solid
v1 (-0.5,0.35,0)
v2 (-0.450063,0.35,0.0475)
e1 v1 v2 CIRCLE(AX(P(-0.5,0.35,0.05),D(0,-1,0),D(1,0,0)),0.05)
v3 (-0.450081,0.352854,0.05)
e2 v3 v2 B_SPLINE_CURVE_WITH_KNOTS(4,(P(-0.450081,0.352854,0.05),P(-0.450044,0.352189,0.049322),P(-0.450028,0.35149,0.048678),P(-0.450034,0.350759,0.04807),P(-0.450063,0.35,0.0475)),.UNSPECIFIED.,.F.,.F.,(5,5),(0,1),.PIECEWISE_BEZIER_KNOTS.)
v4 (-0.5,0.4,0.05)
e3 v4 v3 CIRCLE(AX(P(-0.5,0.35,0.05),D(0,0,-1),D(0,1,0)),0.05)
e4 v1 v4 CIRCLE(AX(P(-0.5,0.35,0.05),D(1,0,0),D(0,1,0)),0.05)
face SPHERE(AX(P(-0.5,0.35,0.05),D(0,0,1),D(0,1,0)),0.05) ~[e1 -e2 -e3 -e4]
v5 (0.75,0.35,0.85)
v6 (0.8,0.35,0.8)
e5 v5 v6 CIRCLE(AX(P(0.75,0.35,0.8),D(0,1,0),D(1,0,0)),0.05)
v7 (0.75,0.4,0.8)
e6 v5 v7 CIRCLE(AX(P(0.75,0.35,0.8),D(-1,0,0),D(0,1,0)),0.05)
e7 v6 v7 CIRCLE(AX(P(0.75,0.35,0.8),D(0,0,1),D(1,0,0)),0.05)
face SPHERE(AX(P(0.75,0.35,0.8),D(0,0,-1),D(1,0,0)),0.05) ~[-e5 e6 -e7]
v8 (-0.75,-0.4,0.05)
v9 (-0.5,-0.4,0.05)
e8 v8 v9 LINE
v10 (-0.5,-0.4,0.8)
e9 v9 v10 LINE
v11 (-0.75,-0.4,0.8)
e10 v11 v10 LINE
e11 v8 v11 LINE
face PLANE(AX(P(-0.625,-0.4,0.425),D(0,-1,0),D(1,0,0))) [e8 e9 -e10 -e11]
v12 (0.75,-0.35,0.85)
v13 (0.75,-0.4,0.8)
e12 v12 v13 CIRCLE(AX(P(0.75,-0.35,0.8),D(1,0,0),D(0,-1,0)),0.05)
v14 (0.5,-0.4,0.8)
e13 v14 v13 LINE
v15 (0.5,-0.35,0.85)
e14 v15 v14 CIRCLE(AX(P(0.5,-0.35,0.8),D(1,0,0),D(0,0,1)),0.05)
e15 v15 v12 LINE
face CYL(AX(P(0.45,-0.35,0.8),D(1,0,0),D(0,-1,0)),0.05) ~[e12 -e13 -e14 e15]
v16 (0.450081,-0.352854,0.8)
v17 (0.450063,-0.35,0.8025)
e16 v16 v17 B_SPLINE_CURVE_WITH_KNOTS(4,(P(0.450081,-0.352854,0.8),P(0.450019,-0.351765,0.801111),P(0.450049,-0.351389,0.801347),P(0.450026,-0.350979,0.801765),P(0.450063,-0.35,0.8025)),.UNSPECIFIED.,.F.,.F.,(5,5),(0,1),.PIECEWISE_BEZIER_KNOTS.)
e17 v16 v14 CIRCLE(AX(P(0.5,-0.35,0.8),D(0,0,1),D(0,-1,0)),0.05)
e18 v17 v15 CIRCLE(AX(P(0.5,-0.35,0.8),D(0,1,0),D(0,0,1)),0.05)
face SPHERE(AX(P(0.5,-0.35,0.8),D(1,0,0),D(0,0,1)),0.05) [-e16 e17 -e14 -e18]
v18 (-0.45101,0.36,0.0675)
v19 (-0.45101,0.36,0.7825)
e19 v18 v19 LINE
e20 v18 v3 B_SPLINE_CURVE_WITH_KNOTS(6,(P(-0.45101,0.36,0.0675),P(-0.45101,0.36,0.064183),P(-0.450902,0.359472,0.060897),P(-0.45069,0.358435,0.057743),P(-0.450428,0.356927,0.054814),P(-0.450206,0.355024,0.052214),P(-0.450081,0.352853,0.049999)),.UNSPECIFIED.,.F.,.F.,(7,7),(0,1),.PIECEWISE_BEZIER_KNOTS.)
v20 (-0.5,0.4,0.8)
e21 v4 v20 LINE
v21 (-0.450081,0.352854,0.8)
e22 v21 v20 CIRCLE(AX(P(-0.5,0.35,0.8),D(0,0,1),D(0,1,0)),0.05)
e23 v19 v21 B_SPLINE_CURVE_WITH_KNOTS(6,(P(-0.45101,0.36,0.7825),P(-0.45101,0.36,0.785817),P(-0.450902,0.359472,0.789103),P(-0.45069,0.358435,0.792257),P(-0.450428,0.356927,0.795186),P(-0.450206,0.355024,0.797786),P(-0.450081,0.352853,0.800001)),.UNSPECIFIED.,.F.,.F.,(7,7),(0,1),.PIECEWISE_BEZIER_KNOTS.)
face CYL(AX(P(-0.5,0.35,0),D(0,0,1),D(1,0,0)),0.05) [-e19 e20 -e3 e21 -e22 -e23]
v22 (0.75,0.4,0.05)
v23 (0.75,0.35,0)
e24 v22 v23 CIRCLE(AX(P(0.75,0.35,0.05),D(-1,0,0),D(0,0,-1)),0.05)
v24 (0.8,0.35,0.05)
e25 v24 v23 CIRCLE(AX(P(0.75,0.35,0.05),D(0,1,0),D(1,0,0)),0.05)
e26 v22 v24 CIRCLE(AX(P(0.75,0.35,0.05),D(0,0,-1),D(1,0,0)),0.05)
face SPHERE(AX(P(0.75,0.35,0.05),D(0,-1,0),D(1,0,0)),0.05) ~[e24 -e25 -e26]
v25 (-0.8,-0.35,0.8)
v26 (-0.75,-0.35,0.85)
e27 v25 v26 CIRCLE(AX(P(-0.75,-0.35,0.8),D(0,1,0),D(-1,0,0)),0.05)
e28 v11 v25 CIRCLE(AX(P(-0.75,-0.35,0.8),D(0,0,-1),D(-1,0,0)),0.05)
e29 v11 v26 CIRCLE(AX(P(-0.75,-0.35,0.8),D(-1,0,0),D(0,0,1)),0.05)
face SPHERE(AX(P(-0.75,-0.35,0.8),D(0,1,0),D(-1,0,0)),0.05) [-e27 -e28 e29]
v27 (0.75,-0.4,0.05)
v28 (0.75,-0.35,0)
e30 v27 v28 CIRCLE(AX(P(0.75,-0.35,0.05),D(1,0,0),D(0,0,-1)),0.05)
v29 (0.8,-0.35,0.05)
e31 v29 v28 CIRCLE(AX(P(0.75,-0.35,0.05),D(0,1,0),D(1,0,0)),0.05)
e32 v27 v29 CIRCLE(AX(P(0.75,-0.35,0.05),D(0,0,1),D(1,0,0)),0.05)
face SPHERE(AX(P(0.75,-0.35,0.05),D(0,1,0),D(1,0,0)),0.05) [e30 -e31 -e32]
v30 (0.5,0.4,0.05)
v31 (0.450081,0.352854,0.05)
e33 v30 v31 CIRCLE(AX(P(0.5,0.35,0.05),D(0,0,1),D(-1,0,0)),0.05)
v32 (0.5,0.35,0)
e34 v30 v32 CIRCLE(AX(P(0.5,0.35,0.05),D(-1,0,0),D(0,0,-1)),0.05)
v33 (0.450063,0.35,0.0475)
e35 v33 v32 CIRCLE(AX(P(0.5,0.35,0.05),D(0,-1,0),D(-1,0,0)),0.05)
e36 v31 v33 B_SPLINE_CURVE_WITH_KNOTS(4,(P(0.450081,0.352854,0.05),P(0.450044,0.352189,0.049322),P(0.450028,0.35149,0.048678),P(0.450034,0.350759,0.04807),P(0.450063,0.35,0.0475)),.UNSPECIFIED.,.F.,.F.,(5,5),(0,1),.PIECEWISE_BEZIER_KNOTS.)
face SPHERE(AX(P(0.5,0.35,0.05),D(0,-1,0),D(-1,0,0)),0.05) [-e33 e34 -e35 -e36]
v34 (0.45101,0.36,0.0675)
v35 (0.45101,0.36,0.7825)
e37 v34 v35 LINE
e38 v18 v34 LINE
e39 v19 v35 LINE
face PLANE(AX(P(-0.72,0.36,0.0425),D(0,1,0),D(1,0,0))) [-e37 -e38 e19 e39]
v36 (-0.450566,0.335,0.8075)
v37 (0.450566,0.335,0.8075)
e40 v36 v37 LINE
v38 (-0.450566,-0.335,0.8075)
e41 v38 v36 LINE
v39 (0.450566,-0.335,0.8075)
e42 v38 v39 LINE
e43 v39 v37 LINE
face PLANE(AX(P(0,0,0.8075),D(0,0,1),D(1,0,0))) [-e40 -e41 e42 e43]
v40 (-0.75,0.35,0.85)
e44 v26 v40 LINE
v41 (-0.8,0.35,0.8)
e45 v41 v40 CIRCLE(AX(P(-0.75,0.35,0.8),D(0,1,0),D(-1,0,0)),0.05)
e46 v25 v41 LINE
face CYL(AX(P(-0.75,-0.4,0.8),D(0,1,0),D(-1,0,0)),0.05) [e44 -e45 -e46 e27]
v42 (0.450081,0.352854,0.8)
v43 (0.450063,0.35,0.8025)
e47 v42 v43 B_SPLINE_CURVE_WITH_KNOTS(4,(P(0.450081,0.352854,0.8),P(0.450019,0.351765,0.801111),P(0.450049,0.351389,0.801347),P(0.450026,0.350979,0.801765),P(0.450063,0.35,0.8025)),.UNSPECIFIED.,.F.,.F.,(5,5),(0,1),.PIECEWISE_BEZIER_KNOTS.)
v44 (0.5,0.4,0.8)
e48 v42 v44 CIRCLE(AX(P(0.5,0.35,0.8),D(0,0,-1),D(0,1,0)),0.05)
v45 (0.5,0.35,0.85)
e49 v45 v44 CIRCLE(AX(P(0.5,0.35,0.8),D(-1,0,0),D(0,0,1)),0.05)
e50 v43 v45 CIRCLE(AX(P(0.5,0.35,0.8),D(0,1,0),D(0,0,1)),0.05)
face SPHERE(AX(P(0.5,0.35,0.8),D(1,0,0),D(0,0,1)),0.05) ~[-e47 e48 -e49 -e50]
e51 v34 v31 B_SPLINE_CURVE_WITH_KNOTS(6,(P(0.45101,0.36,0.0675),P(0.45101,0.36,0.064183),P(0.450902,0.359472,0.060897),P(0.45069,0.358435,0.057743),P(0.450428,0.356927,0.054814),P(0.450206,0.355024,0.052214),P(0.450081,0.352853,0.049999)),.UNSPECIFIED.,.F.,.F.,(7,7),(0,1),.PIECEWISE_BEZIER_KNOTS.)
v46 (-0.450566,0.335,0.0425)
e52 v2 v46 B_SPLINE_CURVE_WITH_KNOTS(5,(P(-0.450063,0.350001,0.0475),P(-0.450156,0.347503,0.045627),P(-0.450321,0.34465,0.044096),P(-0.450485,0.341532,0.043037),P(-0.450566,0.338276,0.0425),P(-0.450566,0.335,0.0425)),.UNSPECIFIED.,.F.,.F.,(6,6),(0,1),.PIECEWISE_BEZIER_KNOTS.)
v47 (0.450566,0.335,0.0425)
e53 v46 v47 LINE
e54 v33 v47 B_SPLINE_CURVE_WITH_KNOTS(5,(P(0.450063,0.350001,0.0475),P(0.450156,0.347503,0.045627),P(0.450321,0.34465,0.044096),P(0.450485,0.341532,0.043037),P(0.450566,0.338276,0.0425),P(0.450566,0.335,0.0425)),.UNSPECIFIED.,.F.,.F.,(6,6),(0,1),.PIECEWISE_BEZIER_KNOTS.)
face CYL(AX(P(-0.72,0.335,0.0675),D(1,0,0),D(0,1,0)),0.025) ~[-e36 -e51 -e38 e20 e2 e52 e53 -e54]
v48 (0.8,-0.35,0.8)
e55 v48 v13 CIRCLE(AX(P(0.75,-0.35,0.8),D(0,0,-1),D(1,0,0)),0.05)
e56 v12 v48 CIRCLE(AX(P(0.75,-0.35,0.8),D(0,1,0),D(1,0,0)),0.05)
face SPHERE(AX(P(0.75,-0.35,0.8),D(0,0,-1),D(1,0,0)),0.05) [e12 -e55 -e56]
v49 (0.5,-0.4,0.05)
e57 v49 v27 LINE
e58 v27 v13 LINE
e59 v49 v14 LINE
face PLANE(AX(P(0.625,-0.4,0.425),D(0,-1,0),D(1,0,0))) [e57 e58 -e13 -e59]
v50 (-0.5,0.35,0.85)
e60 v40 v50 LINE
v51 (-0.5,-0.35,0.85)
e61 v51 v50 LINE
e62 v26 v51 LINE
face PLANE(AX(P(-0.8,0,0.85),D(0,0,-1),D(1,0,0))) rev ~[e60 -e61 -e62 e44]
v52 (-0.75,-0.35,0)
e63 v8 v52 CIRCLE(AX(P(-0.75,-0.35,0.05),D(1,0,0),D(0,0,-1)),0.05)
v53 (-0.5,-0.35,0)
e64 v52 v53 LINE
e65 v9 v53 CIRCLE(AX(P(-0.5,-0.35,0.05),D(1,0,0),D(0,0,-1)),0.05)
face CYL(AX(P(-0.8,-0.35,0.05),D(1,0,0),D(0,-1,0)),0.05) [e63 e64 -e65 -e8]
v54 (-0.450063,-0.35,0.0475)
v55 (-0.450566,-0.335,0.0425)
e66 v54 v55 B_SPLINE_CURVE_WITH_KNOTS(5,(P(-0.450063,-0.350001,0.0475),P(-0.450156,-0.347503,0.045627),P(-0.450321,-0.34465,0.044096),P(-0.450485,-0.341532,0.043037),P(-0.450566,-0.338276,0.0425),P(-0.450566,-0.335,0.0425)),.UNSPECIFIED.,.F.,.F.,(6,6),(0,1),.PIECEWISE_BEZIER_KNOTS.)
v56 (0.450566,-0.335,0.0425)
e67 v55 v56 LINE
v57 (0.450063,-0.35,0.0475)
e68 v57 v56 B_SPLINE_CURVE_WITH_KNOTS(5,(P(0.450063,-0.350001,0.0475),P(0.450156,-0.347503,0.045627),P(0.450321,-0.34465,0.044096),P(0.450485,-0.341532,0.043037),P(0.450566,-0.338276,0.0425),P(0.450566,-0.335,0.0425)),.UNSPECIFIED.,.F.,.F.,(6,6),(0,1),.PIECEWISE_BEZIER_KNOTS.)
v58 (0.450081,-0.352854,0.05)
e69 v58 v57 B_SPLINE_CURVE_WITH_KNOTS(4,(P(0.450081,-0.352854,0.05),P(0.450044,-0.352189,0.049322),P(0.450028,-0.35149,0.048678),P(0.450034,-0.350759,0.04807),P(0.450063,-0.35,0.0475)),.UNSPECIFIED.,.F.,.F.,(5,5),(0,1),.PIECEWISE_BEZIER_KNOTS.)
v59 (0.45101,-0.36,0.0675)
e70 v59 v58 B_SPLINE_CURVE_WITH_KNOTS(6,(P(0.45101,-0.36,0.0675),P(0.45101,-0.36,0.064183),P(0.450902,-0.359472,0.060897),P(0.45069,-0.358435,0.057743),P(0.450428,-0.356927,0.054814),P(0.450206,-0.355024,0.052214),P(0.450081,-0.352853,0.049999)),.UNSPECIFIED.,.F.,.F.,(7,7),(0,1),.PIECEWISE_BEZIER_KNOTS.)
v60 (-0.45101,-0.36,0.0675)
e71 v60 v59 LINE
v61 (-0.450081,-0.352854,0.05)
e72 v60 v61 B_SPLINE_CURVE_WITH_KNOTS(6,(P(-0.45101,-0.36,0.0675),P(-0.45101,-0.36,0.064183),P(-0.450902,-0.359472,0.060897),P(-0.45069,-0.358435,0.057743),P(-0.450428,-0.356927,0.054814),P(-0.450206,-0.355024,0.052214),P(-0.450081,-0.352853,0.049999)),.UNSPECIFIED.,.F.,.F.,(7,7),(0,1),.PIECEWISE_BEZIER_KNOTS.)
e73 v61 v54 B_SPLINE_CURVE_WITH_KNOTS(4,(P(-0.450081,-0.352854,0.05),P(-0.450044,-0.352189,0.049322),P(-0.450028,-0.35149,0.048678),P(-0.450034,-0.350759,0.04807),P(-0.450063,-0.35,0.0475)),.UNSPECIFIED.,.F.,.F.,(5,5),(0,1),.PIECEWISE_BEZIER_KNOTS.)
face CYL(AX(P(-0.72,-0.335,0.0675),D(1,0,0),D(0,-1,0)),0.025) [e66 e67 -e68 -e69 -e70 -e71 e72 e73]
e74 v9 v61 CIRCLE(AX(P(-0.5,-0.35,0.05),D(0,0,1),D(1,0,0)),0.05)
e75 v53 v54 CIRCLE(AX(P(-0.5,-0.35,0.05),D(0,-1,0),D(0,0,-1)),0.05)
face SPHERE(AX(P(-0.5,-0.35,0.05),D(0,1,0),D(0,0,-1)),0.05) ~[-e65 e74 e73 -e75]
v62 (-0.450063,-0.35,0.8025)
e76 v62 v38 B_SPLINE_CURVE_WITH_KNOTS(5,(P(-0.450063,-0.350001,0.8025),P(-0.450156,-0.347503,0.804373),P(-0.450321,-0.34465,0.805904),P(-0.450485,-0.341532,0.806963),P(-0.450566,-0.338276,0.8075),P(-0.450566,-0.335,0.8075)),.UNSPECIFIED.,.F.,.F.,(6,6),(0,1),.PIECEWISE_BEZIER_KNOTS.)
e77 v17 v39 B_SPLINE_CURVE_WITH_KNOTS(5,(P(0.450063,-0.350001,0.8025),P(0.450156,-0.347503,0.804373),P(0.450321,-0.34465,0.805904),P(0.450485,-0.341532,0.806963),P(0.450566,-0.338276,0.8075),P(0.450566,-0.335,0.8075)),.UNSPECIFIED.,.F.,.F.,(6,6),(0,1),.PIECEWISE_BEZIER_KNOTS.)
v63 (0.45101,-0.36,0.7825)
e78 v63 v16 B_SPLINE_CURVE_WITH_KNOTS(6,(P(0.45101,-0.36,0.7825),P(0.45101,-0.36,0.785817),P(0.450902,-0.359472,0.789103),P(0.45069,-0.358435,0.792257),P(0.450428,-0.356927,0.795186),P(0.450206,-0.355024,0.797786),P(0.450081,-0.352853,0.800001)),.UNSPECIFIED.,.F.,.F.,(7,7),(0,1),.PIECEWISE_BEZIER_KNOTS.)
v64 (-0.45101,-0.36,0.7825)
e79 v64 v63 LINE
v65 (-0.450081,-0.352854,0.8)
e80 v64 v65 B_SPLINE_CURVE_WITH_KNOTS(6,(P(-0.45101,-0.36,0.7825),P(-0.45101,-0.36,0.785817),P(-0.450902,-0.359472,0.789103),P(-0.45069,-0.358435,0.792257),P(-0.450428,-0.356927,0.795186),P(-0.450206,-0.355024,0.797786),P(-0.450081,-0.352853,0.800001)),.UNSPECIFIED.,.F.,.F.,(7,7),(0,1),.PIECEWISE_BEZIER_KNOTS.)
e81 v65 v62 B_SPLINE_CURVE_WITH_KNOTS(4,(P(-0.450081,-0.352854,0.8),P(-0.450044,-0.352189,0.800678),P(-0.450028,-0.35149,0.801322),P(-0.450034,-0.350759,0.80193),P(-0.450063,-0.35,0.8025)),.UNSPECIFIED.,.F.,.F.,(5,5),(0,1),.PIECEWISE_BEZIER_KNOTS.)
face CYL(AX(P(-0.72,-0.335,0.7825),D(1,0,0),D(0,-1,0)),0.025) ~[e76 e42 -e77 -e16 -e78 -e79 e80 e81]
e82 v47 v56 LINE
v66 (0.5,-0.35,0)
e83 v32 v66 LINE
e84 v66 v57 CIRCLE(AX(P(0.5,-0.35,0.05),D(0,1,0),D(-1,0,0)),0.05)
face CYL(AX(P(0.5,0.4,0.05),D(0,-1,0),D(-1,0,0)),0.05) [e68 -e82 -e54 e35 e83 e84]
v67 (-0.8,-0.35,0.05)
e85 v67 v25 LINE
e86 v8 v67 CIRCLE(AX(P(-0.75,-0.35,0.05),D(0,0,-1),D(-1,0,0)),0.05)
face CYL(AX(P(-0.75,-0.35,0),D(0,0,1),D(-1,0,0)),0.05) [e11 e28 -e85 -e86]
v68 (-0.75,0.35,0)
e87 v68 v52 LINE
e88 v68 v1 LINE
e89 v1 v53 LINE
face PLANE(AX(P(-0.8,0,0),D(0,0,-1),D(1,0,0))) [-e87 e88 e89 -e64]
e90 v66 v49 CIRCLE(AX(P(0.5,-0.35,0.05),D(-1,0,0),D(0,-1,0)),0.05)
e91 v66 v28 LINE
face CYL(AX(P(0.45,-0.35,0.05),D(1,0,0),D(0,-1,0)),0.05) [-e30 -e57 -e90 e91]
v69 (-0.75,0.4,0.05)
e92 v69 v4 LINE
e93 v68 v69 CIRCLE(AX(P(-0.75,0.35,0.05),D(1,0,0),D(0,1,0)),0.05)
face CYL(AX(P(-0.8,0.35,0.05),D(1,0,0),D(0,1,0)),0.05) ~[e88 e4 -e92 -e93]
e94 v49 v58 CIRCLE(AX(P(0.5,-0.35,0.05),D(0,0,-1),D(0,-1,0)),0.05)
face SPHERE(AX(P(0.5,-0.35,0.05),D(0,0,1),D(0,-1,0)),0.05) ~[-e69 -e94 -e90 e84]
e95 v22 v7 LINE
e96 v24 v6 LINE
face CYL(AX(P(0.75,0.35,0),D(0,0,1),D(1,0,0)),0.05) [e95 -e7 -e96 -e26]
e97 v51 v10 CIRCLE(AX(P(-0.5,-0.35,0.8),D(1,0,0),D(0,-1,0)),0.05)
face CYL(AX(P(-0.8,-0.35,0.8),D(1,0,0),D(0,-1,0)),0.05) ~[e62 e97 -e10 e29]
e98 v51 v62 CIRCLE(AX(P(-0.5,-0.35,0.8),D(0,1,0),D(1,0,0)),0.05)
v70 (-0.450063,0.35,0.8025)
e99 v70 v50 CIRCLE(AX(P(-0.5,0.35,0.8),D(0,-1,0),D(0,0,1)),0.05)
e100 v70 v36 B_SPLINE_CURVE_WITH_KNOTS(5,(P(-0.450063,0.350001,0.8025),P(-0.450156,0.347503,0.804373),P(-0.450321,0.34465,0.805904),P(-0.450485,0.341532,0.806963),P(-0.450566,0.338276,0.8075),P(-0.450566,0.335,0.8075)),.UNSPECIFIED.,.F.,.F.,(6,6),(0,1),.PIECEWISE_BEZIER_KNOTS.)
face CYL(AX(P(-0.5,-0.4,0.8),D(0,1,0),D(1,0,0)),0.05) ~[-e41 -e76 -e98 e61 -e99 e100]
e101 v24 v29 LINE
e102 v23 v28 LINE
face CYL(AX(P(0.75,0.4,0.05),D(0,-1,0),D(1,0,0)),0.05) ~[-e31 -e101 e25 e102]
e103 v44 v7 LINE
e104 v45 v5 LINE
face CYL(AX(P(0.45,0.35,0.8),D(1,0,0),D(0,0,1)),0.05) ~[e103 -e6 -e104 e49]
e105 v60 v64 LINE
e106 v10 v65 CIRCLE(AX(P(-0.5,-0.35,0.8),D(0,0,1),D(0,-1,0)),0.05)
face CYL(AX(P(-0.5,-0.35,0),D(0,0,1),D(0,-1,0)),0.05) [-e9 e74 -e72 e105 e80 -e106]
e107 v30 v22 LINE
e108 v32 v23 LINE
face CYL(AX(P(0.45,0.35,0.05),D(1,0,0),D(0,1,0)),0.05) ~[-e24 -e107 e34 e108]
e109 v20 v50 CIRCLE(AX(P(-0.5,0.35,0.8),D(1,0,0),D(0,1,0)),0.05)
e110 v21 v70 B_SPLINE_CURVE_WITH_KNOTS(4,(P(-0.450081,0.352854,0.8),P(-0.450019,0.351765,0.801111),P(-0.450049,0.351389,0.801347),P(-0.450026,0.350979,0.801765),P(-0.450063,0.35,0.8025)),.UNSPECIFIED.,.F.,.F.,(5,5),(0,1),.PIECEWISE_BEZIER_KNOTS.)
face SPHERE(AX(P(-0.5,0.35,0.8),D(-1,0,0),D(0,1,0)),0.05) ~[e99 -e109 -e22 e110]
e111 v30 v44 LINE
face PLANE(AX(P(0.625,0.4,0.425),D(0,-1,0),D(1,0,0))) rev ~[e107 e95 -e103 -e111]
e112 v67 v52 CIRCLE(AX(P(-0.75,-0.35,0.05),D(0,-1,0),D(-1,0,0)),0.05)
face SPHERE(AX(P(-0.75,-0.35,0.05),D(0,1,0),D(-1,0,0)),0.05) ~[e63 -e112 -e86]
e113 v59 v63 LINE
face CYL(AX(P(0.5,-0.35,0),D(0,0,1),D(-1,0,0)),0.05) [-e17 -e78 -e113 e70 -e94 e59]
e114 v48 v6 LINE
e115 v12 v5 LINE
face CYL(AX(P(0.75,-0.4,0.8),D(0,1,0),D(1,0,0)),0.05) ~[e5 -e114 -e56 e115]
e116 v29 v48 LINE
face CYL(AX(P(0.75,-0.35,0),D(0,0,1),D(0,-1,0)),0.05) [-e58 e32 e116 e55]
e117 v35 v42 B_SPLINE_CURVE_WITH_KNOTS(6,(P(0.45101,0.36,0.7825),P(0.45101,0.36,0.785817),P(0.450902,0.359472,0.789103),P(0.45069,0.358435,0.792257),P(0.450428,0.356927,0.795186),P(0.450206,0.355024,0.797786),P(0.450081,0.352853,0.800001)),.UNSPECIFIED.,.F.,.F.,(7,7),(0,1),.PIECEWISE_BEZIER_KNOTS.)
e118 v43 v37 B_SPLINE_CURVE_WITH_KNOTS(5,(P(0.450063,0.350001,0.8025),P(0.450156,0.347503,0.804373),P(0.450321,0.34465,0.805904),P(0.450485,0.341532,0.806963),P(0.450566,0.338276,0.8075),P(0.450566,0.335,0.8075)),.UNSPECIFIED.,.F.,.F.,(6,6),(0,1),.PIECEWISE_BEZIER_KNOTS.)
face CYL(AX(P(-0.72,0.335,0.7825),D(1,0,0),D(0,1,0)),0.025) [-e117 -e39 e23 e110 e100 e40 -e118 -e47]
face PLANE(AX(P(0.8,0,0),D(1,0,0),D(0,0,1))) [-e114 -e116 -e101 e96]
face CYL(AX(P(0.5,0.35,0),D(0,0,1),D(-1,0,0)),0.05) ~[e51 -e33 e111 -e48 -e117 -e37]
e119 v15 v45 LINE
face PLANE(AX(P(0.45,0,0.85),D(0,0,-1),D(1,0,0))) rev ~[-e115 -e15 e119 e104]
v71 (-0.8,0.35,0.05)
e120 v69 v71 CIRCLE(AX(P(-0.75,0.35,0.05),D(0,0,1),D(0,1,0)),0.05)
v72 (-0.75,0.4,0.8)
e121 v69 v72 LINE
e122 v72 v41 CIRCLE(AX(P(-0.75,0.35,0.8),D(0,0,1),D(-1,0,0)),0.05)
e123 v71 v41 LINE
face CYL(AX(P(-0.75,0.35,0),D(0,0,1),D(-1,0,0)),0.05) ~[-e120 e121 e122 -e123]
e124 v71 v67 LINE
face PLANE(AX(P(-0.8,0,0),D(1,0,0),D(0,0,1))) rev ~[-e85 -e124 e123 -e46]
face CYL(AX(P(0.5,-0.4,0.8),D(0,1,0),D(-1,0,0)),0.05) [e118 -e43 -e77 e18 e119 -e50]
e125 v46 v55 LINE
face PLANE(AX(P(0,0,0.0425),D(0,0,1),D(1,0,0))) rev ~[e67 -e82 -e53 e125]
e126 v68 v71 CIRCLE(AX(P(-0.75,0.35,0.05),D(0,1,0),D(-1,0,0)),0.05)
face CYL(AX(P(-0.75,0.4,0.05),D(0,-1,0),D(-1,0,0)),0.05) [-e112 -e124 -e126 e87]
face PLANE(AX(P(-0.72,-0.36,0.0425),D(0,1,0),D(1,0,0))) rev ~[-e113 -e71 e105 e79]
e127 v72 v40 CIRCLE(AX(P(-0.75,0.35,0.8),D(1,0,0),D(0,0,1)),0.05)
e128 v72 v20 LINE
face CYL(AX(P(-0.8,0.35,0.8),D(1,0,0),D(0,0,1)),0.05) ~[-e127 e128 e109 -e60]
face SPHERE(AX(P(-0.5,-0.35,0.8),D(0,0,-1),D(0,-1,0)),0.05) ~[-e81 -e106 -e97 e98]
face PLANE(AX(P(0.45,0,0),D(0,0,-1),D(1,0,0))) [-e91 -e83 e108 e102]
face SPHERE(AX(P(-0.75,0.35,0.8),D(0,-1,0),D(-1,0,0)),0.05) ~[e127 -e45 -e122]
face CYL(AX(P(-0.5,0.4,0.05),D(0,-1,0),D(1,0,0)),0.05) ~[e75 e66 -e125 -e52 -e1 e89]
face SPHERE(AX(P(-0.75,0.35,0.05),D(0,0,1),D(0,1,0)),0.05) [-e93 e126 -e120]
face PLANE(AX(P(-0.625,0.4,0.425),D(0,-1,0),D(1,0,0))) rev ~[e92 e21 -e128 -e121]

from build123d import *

# Parameters (mm, degrees)
SKETCH001_W  = 0.35
SKETCH001_H  = 0.85
PAD001_DEPTH = 0.4
FILLET_R     = 0.05
SKETCH_W     = 1.44
SKETCH_H     = 0.72
PAD_DEPTH    = 0.765
FILLET002_R  = 0.025
SKETCH002_W  = 0.35
SKETCH002_H  = 0.85
PAD002_DEPTH = 0.4
FILLET001_R  = 0.05


with BuildPart() as body001:
    # Sketch001 → Pad001 (new body, symmetric)
    with BuildSketch(Plane.XZ):
        with Locations((-0.625, 0.425)):
            Rectangle(SKETCH001_W, SKETCH001_H)
    extrude(amount=PAD001_DEPTH, both=True)

    # Fillet
    fillet_edges = [body001.edges().sort_by_distance(p)[0] for p in [
        (-0.8, 0, 0.85),
        (-0.8, 0.4, 0.425),
        (-0.625, 0.4, 0.85),
        (-0.45, 0.4, 0.425),
        (-0.625, 0.4, 0),
        (-0.45, 0, 0),
        (-0.8, 0, 0),
        (-0.8, -0.4, 0.425),
        (-0.625, -0.4, 0),
        (-0.45, -0.4, 0.425),
        (-0.625, -0.4, 0.85),
        (-0.45, 0, 0.85),
    ]]
    fillet(fillet_edges, radius=FILLET_R)


with BuildPart() as body:
    # Sketch → Pad (new body)
    with BuildSketch(Plane.XY.offset(0.0425)):
        Rectangle(SKETCH_W, SKETCH_H)
    extrude(amount=PAD_DEPTH)

    # Fillet002
    fillet002_edges = [body.edges().sort_by_distance(p)[0] for p in [
        (0, -0.36, 0.8075),
        (0, 0.36, 0.8075),
        (0, -0.36, 0.0425),
        (0, 0.36, 0.0425),
    ]]
    fillet(fillet002_edges, radius=FILLET002_R)


with BuildPart() as fusion:
    # Sketch002 → Pad002 (new body, symmetric)
    with BuildSketch(Plane.XZ):
        with Locations((0.625, 0.425)):
            Rectangle(SKETCH002_W, SKETCH002_H)
    extrude(amount=PAD002_DEPTH, both=True)

    # Fillet001
    fillet001_edges = [fusion.edges().sort_by_distance(p)[0] for p in [
        (0.8, 0, 0),
        (0.8, 0.4, 0.425),
        (0.8, -0.4, 0.425),
        (0.8, 0, 0.85),
        (0.625, -0.4, 0.85),
        (0.625, 0.4, 0.85),
        (0.45, 0, 0.85),
        (0.45, -0.4, 0.425),
        (0.625, -0.4, 0),
        (0.45, 0, 0),
        (0.45, 0.4, 0.425),
        (0.625, 0.4, 0),
    ]]
    fillet(fillet001_edges, radius=FILLET001_R)

    # Fusion: union Body001, Body
    add(body001.part)
    add(body.part)


solid = fusion.part
